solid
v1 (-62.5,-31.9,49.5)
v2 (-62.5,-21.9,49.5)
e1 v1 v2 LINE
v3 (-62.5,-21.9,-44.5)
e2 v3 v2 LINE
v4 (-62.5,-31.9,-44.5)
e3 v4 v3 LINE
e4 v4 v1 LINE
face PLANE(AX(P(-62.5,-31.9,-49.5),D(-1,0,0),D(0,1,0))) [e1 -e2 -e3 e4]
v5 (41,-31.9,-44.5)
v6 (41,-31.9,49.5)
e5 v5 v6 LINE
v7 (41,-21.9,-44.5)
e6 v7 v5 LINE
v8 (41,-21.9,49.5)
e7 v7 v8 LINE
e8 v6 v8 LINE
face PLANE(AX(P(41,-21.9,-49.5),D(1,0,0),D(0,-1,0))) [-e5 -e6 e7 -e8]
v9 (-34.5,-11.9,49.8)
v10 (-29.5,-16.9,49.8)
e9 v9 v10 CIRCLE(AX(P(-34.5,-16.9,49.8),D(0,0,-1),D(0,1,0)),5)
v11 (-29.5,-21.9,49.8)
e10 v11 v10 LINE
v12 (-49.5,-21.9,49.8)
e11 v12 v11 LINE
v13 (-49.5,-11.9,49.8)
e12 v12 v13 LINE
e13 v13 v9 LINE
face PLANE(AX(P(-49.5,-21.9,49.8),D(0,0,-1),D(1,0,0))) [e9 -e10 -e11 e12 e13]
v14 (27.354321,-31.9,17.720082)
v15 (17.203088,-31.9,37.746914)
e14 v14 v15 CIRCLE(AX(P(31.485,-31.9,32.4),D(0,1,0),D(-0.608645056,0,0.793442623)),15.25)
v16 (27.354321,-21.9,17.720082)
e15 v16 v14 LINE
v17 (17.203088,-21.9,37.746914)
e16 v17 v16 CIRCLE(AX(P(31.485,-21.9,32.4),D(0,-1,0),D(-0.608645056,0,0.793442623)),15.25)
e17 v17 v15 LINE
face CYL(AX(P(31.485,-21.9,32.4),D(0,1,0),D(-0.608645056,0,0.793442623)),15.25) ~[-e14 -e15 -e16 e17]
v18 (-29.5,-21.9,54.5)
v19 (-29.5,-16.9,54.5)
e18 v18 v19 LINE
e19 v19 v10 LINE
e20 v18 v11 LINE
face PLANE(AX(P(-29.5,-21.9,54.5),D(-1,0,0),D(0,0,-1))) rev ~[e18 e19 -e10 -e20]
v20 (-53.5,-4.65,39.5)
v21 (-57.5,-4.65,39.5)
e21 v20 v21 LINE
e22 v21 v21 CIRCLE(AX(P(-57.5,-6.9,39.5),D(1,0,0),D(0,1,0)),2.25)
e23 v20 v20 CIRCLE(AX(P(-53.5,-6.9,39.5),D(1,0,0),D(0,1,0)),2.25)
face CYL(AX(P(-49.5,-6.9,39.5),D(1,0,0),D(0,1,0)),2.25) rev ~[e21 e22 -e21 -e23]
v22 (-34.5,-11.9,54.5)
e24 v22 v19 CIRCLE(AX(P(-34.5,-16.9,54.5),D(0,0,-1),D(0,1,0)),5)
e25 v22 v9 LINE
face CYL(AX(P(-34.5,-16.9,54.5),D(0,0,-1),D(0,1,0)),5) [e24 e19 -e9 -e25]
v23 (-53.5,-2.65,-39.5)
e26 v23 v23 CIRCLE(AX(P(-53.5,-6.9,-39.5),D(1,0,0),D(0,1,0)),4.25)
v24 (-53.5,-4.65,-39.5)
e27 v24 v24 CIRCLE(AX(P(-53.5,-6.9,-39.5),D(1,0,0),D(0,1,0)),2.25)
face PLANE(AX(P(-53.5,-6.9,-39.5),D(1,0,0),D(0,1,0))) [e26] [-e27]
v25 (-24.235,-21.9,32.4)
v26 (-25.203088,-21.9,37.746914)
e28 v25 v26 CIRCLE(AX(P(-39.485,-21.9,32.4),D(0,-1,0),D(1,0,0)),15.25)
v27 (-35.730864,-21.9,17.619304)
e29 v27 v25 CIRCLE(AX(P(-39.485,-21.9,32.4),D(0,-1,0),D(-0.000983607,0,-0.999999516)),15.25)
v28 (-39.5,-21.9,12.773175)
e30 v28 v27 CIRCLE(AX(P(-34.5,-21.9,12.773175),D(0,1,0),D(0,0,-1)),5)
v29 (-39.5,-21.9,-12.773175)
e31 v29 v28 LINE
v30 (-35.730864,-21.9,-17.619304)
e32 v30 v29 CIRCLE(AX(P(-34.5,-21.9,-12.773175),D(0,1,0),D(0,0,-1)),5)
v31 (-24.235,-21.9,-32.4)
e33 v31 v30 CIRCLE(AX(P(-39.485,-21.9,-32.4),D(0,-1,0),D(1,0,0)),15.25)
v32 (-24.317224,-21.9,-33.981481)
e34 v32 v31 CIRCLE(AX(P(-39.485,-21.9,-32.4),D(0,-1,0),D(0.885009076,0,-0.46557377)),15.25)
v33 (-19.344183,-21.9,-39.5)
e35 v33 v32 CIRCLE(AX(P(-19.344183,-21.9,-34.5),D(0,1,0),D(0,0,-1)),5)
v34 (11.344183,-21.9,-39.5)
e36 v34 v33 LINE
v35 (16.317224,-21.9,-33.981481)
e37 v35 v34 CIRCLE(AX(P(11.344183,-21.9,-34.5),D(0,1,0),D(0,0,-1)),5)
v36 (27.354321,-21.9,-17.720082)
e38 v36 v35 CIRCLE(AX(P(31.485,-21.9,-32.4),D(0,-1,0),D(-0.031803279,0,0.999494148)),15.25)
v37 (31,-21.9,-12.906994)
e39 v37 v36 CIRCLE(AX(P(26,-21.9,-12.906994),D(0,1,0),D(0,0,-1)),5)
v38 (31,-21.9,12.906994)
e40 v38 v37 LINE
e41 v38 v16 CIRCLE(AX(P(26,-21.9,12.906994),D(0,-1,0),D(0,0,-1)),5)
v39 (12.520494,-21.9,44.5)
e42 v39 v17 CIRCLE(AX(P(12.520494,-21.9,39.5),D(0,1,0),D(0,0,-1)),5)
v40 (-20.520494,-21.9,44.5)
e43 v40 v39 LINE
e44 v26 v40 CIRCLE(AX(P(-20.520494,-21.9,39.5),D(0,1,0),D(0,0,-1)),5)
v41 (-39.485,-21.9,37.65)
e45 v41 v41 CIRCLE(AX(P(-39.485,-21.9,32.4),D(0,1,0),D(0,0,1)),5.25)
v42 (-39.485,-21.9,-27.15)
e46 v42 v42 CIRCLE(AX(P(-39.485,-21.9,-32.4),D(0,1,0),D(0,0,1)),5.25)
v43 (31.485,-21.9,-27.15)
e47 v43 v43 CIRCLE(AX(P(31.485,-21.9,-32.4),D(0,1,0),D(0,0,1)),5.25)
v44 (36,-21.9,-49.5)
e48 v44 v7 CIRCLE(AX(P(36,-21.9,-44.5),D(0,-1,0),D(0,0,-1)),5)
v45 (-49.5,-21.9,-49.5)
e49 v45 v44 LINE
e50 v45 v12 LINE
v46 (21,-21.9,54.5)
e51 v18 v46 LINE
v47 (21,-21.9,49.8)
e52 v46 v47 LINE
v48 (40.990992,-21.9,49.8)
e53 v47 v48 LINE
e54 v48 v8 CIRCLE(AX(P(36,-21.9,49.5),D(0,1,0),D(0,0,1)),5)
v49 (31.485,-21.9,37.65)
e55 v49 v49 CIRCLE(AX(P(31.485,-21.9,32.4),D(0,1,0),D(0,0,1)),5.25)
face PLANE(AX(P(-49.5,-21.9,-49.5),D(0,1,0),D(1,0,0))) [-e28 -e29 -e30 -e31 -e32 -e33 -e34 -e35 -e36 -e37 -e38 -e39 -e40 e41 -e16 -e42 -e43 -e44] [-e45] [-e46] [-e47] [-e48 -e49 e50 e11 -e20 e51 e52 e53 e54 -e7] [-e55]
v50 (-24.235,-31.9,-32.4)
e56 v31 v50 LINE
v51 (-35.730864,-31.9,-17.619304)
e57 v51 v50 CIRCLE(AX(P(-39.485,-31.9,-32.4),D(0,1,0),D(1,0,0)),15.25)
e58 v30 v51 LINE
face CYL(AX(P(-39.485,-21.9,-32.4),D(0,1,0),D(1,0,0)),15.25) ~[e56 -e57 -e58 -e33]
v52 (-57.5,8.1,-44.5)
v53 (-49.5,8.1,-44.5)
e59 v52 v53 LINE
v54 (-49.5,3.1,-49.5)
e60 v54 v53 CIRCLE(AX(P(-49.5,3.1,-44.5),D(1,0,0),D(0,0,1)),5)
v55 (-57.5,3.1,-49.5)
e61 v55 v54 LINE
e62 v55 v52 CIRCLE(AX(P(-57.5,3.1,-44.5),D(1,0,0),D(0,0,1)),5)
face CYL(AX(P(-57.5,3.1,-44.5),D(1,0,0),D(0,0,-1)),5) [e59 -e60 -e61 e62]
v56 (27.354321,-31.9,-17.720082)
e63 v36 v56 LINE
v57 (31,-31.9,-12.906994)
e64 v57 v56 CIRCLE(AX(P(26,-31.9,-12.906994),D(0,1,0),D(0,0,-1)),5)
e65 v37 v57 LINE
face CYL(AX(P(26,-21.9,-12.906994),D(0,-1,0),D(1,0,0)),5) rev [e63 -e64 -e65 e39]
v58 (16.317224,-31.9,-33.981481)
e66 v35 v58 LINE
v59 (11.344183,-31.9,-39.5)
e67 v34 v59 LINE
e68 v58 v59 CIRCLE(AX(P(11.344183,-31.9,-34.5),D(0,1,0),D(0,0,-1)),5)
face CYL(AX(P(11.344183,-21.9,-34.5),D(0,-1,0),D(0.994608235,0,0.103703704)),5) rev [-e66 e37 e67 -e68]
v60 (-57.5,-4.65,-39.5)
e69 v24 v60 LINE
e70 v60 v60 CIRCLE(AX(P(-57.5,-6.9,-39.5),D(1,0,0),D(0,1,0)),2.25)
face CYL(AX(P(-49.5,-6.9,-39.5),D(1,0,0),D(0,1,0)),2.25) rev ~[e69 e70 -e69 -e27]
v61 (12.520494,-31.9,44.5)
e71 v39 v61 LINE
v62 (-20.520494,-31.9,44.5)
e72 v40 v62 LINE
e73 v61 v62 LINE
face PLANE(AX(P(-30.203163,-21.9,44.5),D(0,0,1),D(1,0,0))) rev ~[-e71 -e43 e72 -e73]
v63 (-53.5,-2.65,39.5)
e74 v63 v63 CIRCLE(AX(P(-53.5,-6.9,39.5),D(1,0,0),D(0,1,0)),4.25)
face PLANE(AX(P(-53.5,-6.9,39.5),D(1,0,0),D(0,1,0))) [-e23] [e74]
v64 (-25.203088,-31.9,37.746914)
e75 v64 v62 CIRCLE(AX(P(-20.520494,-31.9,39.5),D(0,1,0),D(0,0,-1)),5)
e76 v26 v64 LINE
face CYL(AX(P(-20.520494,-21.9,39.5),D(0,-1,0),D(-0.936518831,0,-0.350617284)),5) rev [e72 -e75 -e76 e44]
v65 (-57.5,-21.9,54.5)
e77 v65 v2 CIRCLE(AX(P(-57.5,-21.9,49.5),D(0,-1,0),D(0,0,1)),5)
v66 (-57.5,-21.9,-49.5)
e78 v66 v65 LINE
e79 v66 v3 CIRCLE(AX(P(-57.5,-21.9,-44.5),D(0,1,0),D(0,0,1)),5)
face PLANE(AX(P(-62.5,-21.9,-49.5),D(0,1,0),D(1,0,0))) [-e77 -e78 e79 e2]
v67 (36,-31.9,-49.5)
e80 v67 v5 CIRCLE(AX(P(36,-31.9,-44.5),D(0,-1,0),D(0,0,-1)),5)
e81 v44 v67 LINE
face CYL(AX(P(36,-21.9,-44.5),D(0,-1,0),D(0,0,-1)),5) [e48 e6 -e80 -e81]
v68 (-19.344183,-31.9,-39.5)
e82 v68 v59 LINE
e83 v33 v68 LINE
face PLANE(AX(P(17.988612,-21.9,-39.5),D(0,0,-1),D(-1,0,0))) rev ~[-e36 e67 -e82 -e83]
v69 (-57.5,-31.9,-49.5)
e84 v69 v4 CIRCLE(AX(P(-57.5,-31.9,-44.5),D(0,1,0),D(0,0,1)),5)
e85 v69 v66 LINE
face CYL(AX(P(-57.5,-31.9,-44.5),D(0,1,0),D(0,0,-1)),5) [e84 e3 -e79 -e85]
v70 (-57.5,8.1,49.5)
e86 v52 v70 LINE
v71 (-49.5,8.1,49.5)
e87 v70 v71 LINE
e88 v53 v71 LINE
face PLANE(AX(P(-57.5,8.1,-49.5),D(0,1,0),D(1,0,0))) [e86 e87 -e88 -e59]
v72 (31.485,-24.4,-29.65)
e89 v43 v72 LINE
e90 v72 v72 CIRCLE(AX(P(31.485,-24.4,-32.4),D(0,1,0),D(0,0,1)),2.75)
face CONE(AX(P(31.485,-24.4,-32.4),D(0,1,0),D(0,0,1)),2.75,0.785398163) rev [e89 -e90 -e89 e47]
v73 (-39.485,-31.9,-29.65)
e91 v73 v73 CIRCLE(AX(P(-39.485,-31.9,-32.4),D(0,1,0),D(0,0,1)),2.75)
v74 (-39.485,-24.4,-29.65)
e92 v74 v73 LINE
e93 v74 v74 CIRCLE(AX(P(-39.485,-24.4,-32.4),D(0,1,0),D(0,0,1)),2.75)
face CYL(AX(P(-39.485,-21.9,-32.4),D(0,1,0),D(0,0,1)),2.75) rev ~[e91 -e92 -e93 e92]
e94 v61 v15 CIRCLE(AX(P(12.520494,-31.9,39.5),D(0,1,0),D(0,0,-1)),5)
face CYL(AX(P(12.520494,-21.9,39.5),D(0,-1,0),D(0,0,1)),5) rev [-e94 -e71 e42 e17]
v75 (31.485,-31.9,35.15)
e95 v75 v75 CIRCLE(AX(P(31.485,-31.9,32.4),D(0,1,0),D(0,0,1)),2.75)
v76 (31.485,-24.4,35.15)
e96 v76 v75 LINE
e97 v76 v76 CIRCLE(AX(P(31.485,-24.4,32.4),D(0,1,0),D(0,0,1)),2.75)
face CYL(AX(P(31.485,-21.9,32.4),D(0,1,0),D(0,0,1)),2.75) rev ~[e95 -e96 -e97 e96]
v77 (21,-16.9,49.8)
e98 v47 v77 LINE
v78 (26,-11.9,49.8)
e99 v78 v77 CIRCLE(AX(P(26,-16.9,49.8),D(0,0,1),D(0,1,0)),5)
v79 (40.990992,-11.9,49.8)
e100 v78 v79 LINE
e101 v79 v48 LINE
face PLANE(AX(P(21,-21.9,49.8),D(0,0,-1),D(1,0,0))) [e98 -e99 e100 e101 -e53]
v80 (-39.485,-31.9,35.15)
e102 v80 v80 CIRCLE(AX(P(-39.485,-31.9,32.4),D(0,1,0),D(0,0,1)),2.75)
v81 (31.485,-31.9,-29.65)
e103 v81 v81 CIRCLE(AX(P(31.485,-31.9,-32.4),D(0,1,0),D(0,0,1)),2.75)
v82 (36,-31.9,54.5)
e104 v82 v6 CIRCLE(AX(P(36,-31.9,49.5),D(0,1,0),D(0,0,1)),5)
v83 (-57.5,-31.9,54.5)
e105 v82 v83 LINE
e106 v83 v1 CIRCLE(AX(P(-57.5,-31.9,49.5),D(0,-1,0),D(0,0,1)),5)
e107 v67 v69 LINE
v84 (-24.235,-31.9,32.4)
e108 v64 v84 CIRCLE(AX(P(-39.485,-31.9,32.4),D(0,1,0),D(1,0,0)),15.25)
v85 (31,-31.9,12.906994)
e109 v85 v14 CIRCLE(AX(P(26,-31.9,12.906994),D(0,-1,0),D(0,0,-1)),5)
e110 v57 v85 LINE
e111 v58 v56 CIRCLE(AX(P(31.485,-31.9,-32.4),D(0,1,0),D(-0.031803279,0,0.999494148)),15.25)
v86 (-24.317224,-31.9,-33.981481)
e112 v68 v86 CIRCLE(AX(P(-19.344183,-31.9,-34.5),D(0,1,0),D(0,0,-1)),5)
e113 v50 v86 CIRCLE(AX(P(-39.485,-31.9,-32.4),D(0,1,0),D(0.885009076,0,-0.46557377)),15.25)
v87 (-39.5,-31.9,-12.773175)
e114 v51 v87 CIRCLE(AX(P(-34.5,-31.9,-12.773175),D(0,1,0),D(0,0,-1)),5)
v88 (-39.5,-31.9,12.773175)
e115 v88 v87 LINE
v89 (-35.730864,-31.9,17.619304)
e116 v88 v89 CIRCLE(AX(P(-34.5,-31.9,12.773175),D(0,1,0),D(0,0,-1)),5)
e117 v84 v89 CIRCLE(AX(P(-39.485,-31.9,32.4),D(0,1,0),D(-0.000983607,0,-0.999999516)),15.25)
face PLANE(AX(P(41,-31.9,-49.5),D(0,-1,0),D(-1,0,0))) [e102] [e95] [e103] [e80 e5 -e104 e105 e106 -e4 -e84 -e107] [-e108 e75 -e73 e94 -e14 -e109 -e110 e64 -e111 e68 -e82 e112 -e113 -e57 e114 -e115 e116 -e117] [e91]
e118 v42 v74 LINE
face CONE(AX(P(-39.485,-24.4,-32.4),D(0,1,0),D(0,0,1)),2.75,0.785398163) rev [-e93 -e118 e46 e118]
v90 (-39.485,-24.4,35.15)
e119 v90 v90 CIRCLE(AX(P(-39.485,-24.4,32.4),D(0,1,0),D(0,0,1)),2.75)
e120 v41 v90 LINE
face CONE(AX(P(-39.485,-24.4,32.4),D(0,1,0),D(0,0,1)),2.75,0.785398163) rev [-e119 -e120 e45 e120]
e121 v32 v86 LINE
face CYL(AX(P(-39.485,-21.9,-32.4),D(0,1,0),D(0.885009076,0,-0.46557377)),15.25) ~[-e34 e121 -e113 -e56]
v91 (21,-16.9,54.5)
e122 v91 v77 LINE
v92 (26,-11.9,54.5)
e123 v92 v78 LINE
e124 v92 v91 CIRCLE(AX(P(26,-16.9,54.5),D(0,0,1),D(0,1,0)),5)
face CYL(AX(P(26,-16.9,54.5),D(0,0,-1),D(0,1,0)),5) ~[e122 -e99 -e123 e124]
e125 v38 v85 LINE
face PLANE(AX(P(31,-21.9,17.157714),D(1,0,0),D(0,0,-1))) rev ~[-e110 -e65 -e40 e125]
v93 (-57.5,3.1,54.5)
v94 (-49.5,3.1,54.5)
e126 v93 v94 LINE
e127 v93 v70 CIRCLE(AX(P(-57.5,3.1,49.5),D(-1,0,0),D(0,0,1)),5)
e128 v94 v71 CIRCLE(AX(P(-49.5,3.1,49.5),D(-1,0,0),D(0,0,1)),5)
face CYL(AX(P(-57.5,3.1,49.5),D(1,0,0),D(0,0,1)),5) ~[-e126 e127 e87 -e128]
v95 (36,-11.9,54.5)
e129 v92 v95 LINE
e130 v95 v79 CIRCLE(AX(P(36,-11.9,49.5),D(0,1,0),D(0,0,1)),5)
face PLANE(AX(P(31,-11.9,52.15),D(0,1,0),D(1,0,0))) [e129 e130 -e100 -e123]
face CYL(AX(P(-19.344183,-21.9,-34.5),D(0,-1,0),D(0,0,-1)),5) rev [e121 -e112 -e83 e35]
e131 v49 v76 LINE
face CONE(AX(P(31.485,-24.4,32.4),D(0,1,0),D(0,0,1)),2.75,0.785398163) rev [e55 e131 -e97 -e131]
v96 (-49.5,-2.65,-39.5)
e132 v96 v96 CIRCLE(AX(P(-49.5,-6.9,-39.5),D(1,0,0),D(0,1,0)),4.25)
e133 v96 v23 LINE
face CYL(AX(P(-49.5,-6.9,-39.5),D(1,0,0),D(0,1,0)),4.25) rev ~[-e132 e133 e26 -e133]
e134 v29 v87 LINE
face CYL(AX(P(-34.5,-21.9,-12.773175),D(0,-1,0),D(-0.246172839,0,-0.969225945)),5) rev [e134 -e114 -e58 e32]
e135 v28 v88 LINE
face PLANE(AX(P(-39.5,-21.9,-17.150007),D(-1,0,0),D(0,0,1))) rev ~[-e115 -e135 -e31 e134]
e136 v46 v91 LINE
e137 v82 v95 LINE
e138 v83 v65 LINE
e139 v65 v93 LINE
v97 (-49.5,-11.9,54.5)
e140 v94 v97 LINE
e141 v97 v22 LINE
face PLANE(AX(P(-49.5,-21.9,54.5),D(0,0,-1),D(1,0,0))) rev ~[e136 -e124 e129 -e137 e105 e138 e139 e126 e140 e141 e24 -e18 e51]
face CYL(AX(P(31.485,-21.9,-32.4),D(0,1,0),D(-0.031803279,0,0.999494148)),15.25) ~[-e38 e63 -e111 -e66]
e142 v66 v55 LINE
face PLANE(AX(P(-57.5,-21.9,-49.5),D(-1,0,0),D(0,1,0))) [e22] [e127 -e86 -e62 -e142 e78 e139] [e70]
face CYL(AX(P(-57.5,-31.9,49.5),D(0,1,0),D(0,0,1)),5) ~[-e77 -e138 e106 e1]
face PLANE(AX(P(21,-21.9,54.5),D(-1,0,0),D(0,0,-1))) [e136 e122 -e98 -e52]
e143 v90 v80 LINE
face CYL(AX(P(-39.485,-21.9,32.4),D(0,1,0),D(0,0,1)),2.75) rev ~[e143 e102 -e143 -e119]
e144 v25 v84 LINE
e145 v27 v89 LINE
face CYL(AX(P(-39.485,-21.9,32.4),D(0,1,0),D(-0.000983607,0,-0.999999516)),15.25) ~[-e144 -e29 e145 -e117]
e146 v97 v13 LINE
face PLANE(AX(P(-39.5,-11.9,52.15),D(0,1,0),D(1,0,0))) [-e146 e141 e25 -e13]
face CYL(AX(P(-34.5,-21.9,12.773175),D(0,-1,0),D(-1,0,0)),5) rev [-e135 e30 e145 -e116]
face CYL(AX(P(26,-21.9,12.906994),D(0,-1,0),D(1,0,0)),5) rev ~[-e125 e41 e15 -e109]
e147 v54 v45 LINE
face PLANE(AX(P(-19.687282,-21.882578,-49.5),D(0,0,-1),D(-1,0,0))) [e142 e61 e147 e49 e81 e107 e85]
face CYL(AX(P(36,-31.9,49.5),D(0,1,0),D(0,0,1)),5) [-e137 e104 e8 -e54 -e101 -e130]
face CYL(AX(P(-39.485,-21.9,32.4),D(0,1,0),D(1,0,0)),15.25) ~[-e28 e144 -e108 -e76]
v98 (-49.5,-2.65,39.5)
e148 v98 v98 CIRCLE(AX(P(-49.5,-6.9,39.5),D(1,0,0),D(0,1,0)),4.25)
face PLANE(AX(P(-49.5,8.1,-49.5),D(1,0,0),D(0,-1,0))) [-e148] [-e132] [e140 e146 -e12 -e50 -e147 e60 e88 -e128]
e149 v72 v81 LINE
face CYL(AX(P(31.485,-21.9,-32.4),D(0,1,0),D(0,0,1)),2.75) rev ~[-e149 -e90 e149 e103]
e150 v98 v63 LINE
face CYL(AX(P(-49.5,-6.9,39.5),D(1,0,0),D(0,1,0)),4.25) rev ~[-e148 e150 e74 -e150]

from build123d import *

# Parameters (mm, degrees)
EXTRUDE_1_DEPTH      = 54.5
EXTRUDE_1_DEPTH_BACK = 49.5
SKETCH_4_R           = 2.25
CUT_EXTRUDE_1_DEPTH  = 111.354474309
SKETCH_5_R           = 4.25
CUT_EXTRUDE_2_DEPTH  = 4
SKETCH_6_R           = 2.75
CUT_EXTRUDE_3_DEPTH  = 89.184465752
CHAMFER_1_SIZE       = 2.5
CUT_EXTRUDE_4_DEPTH  = 89.184465752
SKETCH_10_W          = 20
SKETCH_10_H          = 4.7
EXTRUDE_2_DEPTH      = 10
FILLET_1_R           = 5


with BuildPart() as part:
    # ｽｹｯﾁ3 → ﾎﾞｽ - 押し出し1 (new, two sides: drawn at the far end of the back side and taken through both)
    with BuildSketch(Plane.XY.offset(-EXTRUDE_1_DEPTH_BACK)):
        Polygon((-57.5, 8.1), (-49.5, 8.1), (-49.5, -21.9), (41, -21.9), (41, -31.9), (-62.5, -31.9), (-62.5, -21.9), (-57.5, -21.9), align=None)
    extrude(amount=EXTRUDE_1_DEPTH + EXTRUDE_1_DEPTH_BACK)

    # ｽｹｯﾁ4 → ｶｯﾄ - 押し出し1 (cut, through all)
    with BuildSketch(Plane(origin=(-49.5, 0, 0), x_dir=(0, 0, -1), z_dir=(1, 0, 0))):
        with Locations(Location((-39.5, -6.9, 0), (0, 0, 90))):
            Circle(SKETCH_4_R)
        with Locations(Location((39.5, -6.9, 0), (0, 0, 90))):
            Circle(SKETCH_4_R)
    extrude(amount=-CUT_EXTRUDE_1_DEPTH, mode=Mode.SUBTRACT)

    # ｽｹｯﾁ5 → ｶｯﾄ - 押し出し2 (cut)
    with BuildSketch(Plane(origin=(-49.5, 0, 0), x_dir=(0, 0, -1), z_dir=(1, 0, 0))):
        with Locations(Location((-39.5, -6.9, 0), (0, 0, 90))):
            Circle(SKETCH_5_R)
        with Locations(Location((39.5, -6.9, 0), (0, 0, 90))):
            Circle(SKETCH_5_R)
    extrude(amount=-CUT_EXTRUDE_2_DEPTH, mode=Mode.SUBTRACT)

    # ｽｹｯﾁ6 → ｶｯﾄ - 押し出し3 (cut, through all)
    with BuildSketch(Plane(origin=(0, -21.9, 0), x_dir=(1, 0, 0), z_dir=(0, 1, 0))):
        with Locations(Location((-39.485, 32.4, 0), (0, 0, 270))):
            Circle(SKETCH_6_R)
        with Locations(Location((31.485, 32.4, 0), (0, 0, 270))):
            Circle(SKETCH_6_R)
        with Locations(Location((31.485, -32.4, 0), (0, 0, 270))):
            Circle(SKETCH_6_R)
        with Locations(Location((-39.485, -32.4, 0), (0, 0, 270))):
            Circle(SKETCH_6_R)
    extrude(amount=-CUT_EXTRUDE_3_DEPTH, mode=Mode.SUBTRACT)

    # 面取り1
    chamfer_1_edges = [part.edges().sort_by_distance(p)[0] for p in [
        (-39.485, -21.9, -35.15),
        (31.485, -21.9, -35.15),
        (31.485, -21.9, 29.65),
        (-39.485, -21.9, 29.65),
    ]]
    chamfer(chamfer_1_edges, length=CHAMFER_1_SIZE)

    # ｽｹｯﾁ7 → ｶｯﾄ - 押し出し4 (cut, through all)
    with BuildSketch(Plane(origin=(0, -21.9, 0), x_dir=(1, 0, 0), z_dir=(0, 1, 0))):
        with BuildLine():
            ThreePointArc((22.203162897, -44.5), (16.96784035, -27.729392364), (31, -17.157714246))
            Line((31, -17.157714246), (31, 17.157714246))
            ThreePointArc((31, 17.157714246), (18.30682719, 24.725479729), (17.988611594, 39.5))
            Line((17.988611594, 39.5), (-25.988611594, 39.5))
            ThreePointArc((-25.988611594, 39.5), (-24.679892382, 36.056677236), (-24.235, 32.4))
            ThreePointArc((-24.235, 32.4), (-28.706926192, 21.611319589), (-39.5, 17.150007377))
            Line((-39.5, 17.150007377), (-39.5, -17.150007377))
            ThreePointArc((-39.5, -17.150007377), (-28.706926192, -21.611319589), (-24.235, -32.4))
            ThreePointArc((-24.235, -32.4), (-25.808185389, -39.14590558), (-30.203162897, -44.5))
            Line((-30.203162897, -44.5), (22.203162897, -44.5))
        make_face()
    extrude(amount=-CUT_EXTRUDE_4_DEPTH, mode=Mode.SUBTRACT)

    # ｽｹｯﾁ10 → ﾎﾞｽ - 押し出し2 (add)
    with BuildSketch(Plane(origin=(0, -21.9, 0), x_dir=(1, 0, 0), z_dir=(0, 1, 0))):
        with Locations((-39.5, -52.15)):
            Rectangle(SKETCH_10_W, SKETCH_10_H)
        with Locations((31, -52.15)):
            Rectangle(SKETCH_10_W, SKETCH_10_H)
    extrude(amount=EXTRUDE_2_DEPTH)

    # ﾌｨﾚｯﾄ1
    fillet_1_edges = [part.edges().sort_by_distance(p)[0] for p in [
        (-62.5, -26.9, -49.5),
        (31, -26.9, 17.157714246),
        (22.203162897, -26.9, 44.5),
        (-30.203162897, -26.9, 44.5),
        (-39.5, -26.9, 17.150007377),
        (-39.5, -26.9, -17.150007377),
        (-25.988611594, -26.9, -39.5),
        (17.988611594, -26.9, -39.5),
        (31, -26.9, -17.157714246),
        (-29.5, -11.9, 52.15),
        (21, -11.9, 52.15),
        (41, -26.9, -49.5),
        (-62.5, -26.9, 54.5),
        (41, -21.9, 54.5),
        (-53.5, 8.1, 54.5),
        (-53.5, 8.1, -49.5),
    ]]
    fillet(fillet_1_edges, radius=FILLET_1_R)


solid = part.part
